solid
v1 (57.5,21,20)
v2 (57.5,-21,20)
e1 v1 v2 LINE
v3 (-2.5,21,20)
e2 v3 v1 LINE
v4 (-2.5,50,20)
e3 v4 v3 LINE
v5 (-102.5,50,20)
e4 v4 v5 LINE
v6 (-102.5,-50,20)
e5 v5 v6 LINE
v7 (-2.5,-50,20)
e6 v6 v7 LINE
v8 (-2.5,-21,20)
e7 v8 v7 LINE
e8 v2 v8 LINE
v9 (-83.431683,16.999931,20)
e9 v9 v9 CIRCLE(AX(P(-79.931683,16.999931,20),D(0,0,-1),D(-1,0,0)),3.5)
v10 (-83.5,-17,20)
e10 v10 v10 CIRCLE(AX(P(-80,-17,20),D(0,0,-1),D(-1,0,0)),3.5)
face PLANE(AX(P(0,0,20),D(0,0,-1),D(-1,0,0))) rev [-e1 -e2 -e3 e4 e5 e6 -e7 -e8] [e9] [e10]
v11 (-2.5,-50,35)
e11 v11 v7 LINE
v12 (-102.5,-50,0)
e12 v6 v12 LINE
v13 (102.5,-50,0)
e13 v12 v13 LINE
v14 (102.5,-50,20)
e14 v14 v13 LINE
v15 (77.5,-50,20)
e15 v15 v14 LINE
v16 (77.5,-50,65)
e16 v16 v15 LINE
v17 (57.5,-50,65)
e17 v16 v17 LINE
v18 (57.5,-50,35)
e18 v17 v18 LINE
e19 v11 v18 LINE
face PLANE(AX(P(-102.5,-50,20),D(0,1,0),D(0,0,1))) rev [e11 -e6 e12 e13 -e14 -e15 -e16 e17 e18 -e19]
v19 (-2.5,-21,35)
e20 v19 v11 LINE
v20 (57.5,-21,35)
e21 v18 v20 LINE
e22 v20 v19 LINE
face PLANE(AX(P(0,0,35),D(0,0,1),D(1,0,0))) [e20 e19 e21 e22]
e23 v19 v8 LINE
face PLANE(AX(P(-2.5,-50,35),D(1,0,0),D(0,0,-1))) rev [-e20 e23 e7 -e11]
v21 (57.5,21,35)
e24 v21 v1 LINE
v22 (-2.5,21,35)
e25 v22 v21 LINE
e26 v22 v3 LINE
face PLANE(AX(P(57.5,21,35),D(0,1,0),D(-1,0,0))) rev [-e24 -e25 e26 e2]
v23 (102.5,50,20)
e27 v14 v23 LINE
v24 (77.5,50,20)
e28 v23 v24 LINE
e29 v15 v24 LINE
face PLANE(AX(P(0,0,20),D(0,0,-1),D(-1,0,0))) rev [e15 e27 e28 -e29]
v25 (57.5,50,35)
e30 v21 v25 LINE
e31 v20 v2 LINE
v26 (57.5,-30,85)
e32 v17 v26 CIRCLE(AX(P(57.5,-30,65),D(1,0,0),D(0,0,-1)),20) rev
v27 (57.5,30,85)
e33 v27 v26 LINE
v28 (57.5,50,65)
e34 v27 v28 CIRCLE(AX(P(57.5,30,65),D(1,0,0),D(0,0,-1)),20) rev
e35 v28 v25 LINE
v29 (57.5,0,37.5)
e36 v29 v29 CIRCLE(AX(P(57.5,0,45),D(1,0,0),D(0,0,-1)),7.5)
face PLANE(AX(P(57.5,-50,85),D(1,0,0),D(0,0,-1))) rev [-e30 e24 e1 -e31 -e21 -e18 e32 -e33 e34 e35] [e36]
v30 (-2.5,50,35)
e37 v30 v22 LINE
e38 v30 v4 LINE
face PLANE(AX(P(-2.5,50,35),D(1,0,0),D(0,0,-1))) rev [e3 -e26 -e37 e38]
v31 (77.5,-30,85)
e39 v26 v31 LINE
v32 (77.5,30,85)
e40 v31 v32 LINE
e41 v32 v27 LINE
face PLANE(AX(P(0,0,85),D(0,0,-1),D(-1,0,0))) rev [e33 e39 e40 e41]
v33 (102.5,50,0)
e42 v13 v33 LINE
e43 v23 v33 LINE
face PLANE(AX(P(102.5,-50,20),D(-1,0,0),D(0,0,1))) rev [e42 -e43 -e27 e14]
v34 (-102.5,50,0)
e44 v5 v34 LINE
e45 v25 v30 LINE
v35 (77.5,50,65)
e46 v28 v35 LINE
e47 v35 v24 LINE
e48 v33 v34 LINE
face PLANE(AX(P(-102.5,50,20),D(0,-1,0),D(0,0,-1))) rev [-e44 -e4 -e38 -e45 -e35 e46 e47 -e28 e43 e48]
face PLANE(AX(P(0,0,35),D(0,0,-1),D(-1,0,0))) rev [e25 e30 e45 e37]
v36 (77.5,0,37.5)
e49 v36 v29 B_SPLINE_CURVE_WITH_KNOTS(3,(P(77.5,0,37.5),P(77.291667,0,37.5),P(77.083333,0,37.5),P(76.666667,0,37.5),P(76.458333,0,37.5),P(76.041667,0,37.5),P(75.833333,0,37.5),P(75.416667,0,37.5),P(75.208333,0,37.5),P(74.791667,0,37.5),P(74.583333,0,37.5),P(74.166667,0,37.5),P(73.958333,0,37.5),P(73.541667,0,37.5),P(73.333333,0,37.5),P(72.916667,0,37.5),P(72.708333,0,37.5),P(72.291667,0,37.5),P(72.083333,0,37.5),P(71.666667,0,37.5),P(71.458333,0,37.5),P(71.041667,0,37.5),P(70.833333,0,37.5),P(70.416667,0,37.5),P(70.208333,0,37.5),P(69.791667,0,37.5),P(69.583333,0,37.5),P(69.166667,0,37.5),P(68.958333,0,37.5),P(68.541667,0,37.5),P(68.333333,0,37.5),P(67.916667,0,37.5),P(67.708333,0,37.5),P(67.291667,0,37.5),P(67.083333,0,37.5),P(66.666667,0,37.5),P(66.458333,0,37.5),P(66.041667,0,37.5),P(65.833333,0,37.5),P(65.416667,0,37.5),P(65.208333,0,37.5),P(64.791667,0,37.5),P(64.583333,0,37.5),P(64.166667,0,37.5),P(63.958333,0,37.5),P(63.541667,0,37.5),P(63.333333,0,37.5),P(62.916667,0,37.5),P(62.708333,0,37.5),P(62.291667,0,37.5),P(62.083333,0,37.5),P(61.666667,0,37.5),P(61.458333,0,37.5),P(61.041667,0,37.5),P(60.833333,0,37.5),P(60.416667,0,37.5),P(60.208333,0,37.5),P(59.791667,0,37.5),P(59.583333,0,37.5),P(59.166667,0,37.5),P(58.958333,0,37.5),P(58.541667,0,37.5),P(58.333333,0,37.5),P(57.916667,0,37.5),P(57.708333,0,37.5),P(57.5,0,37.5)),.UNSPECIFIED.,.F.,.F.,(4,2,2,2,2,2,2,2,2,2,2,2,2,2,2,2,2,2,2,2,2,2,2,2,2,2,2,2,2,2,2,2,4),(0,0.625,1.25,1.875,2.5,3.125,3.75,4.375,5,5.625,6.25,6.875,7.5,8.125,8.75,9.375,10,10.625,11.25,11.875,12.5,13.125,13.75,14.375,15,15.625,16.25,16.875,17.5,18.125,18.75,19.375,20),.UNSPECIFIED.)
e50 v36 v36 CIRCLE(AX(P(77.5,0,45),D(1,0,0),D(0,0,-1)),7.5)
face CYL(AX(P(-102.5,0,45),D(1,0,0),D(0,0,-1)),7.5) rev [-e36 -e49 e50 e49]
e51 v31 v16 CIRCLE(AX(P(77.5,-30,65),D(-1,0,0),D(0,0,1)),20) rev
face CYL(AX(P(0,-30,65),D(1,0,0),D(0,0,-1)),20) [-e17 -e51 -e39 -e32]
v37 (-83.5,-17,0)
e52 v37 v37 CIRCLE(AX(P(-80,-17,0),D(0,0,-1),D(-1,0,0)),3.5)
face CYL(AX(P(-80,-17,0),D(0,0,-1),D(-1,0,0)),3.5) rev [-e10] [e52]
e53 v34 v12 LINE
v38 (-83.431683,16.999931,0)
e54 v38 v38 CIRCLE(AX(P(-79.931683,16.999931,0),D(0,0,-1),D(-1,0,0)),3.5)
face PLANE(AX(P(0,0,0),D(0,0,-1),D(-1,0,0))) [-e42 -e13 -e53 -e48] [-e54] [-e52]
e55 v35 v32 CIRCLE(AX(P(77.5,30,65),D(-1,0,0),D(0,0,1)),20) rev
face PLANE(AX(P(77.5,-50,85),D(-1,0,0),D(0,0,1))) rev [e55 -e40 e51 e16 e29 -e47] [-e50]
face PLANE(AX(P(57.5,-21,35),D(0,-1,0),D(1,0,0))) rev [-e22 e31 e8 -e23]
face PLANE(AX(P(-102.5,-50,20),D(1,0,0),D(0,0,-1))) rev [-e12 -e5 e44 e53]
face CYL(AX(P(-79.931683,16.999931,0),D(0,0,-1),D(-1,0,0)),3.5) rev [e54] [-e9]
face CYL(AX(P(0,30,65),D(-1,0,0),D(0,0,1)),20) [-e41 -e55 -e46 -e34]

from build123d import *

# Parameters (mm, degrees)
SCHIZZO1_W                   = 205
SCHIZZO1_H                   = 100
ESTRUSIONE_ESTRUSIONE1_DEPTH = 20
FORO_FILETTATO_M8X1_0_1_D    = 7
SCHIZZO6_W                   = 60
SCHIZZO6_H                   = 29
ESTRUSIONE_ESTRUSIONE2_DEPTH = 15
SCHIZZO7_W                   = 20
SCHIZZO7_H                   = 100
ESTRUSIONE_ESTRUSIONE3_DEPTH = 65
SCHIZZO8_R                   = 7.5
TAGLIO_ESTRUSIONE1_DEPTH     = 206.243757518
RACCORDO1_R                  = 20


with BuildPart() as part:
    # Schizzo1 → Estrusione-Estrusione1 (new body)
    with BuildSketch(Plane.XY):
        Rectangle(SCHIZZO1_W, SCHIZZO1_H)
    extrude(amount=ESTRUSIONE_ESTRUSIONE1_DEPTH)

    # Foro filettato M8x1.0-1 (through all)
    with Locations(Plane(origin=(0, 0, 0), x_dir=(-1, 0, 0), z_dir=(0, 0, -1))):
        with Locations((79.93168314, 16.999931365), (80, -17)):
            Hole(FORO_FILETTATO_M8X1_0_1_D / 2)

    # Schizzo6 → Estrusione-Estrusione2 (add)
    with BuildSketch(Plane.XY.offset(20)):
        with Locations((27.5, -35.5)):
            Rectangle(SCHIZZO6_W, SCHIZZO6_H)
        with Locations((27.5, 35.5)):
            Rectangle(SCHIZZO6_W, SCHIZZO6_H)
    extrude(amount=ESTRUSIONE_ESTRUSIONE2_DEPTH)

    # Schizzo7 → Estrusione-Estrusione3 (add)
    with BuildSketch(Plane.XY.offset(20)):
        with Locations((67.5, 0)):
            Rectangle(SCHIZZO7_W, SCHIZZO7_H)
    extrude(amount=ESTRUSIONE_ESTRUSIONE3_DEPTH)

    # Schizzo8 → Taglio-Estrusione1 (cut, through all)
    with BuildSketch(Plane(origin=(77.5, 0, 0), x_dir=(0, 0, -1), z_dir=(1, 0, 0))):
        with Locations((-45, 0)):
            Circle(SCHIZZO8_R)
    extrude(amount=-TAGLIO_ESTRUSIONE1_DEPTH, mode=Mode.SUBTRACT)

    # Raccordo1
    raccordo1_edges = [part.edges().sort_by_distance(p)[0] for p in [
        (67.5, -50, 85),
        (67.5, 50, 85),
    ]]
    fillet(raccordo1_edges, radius=RACCORDO1_R)


solid = part.part
